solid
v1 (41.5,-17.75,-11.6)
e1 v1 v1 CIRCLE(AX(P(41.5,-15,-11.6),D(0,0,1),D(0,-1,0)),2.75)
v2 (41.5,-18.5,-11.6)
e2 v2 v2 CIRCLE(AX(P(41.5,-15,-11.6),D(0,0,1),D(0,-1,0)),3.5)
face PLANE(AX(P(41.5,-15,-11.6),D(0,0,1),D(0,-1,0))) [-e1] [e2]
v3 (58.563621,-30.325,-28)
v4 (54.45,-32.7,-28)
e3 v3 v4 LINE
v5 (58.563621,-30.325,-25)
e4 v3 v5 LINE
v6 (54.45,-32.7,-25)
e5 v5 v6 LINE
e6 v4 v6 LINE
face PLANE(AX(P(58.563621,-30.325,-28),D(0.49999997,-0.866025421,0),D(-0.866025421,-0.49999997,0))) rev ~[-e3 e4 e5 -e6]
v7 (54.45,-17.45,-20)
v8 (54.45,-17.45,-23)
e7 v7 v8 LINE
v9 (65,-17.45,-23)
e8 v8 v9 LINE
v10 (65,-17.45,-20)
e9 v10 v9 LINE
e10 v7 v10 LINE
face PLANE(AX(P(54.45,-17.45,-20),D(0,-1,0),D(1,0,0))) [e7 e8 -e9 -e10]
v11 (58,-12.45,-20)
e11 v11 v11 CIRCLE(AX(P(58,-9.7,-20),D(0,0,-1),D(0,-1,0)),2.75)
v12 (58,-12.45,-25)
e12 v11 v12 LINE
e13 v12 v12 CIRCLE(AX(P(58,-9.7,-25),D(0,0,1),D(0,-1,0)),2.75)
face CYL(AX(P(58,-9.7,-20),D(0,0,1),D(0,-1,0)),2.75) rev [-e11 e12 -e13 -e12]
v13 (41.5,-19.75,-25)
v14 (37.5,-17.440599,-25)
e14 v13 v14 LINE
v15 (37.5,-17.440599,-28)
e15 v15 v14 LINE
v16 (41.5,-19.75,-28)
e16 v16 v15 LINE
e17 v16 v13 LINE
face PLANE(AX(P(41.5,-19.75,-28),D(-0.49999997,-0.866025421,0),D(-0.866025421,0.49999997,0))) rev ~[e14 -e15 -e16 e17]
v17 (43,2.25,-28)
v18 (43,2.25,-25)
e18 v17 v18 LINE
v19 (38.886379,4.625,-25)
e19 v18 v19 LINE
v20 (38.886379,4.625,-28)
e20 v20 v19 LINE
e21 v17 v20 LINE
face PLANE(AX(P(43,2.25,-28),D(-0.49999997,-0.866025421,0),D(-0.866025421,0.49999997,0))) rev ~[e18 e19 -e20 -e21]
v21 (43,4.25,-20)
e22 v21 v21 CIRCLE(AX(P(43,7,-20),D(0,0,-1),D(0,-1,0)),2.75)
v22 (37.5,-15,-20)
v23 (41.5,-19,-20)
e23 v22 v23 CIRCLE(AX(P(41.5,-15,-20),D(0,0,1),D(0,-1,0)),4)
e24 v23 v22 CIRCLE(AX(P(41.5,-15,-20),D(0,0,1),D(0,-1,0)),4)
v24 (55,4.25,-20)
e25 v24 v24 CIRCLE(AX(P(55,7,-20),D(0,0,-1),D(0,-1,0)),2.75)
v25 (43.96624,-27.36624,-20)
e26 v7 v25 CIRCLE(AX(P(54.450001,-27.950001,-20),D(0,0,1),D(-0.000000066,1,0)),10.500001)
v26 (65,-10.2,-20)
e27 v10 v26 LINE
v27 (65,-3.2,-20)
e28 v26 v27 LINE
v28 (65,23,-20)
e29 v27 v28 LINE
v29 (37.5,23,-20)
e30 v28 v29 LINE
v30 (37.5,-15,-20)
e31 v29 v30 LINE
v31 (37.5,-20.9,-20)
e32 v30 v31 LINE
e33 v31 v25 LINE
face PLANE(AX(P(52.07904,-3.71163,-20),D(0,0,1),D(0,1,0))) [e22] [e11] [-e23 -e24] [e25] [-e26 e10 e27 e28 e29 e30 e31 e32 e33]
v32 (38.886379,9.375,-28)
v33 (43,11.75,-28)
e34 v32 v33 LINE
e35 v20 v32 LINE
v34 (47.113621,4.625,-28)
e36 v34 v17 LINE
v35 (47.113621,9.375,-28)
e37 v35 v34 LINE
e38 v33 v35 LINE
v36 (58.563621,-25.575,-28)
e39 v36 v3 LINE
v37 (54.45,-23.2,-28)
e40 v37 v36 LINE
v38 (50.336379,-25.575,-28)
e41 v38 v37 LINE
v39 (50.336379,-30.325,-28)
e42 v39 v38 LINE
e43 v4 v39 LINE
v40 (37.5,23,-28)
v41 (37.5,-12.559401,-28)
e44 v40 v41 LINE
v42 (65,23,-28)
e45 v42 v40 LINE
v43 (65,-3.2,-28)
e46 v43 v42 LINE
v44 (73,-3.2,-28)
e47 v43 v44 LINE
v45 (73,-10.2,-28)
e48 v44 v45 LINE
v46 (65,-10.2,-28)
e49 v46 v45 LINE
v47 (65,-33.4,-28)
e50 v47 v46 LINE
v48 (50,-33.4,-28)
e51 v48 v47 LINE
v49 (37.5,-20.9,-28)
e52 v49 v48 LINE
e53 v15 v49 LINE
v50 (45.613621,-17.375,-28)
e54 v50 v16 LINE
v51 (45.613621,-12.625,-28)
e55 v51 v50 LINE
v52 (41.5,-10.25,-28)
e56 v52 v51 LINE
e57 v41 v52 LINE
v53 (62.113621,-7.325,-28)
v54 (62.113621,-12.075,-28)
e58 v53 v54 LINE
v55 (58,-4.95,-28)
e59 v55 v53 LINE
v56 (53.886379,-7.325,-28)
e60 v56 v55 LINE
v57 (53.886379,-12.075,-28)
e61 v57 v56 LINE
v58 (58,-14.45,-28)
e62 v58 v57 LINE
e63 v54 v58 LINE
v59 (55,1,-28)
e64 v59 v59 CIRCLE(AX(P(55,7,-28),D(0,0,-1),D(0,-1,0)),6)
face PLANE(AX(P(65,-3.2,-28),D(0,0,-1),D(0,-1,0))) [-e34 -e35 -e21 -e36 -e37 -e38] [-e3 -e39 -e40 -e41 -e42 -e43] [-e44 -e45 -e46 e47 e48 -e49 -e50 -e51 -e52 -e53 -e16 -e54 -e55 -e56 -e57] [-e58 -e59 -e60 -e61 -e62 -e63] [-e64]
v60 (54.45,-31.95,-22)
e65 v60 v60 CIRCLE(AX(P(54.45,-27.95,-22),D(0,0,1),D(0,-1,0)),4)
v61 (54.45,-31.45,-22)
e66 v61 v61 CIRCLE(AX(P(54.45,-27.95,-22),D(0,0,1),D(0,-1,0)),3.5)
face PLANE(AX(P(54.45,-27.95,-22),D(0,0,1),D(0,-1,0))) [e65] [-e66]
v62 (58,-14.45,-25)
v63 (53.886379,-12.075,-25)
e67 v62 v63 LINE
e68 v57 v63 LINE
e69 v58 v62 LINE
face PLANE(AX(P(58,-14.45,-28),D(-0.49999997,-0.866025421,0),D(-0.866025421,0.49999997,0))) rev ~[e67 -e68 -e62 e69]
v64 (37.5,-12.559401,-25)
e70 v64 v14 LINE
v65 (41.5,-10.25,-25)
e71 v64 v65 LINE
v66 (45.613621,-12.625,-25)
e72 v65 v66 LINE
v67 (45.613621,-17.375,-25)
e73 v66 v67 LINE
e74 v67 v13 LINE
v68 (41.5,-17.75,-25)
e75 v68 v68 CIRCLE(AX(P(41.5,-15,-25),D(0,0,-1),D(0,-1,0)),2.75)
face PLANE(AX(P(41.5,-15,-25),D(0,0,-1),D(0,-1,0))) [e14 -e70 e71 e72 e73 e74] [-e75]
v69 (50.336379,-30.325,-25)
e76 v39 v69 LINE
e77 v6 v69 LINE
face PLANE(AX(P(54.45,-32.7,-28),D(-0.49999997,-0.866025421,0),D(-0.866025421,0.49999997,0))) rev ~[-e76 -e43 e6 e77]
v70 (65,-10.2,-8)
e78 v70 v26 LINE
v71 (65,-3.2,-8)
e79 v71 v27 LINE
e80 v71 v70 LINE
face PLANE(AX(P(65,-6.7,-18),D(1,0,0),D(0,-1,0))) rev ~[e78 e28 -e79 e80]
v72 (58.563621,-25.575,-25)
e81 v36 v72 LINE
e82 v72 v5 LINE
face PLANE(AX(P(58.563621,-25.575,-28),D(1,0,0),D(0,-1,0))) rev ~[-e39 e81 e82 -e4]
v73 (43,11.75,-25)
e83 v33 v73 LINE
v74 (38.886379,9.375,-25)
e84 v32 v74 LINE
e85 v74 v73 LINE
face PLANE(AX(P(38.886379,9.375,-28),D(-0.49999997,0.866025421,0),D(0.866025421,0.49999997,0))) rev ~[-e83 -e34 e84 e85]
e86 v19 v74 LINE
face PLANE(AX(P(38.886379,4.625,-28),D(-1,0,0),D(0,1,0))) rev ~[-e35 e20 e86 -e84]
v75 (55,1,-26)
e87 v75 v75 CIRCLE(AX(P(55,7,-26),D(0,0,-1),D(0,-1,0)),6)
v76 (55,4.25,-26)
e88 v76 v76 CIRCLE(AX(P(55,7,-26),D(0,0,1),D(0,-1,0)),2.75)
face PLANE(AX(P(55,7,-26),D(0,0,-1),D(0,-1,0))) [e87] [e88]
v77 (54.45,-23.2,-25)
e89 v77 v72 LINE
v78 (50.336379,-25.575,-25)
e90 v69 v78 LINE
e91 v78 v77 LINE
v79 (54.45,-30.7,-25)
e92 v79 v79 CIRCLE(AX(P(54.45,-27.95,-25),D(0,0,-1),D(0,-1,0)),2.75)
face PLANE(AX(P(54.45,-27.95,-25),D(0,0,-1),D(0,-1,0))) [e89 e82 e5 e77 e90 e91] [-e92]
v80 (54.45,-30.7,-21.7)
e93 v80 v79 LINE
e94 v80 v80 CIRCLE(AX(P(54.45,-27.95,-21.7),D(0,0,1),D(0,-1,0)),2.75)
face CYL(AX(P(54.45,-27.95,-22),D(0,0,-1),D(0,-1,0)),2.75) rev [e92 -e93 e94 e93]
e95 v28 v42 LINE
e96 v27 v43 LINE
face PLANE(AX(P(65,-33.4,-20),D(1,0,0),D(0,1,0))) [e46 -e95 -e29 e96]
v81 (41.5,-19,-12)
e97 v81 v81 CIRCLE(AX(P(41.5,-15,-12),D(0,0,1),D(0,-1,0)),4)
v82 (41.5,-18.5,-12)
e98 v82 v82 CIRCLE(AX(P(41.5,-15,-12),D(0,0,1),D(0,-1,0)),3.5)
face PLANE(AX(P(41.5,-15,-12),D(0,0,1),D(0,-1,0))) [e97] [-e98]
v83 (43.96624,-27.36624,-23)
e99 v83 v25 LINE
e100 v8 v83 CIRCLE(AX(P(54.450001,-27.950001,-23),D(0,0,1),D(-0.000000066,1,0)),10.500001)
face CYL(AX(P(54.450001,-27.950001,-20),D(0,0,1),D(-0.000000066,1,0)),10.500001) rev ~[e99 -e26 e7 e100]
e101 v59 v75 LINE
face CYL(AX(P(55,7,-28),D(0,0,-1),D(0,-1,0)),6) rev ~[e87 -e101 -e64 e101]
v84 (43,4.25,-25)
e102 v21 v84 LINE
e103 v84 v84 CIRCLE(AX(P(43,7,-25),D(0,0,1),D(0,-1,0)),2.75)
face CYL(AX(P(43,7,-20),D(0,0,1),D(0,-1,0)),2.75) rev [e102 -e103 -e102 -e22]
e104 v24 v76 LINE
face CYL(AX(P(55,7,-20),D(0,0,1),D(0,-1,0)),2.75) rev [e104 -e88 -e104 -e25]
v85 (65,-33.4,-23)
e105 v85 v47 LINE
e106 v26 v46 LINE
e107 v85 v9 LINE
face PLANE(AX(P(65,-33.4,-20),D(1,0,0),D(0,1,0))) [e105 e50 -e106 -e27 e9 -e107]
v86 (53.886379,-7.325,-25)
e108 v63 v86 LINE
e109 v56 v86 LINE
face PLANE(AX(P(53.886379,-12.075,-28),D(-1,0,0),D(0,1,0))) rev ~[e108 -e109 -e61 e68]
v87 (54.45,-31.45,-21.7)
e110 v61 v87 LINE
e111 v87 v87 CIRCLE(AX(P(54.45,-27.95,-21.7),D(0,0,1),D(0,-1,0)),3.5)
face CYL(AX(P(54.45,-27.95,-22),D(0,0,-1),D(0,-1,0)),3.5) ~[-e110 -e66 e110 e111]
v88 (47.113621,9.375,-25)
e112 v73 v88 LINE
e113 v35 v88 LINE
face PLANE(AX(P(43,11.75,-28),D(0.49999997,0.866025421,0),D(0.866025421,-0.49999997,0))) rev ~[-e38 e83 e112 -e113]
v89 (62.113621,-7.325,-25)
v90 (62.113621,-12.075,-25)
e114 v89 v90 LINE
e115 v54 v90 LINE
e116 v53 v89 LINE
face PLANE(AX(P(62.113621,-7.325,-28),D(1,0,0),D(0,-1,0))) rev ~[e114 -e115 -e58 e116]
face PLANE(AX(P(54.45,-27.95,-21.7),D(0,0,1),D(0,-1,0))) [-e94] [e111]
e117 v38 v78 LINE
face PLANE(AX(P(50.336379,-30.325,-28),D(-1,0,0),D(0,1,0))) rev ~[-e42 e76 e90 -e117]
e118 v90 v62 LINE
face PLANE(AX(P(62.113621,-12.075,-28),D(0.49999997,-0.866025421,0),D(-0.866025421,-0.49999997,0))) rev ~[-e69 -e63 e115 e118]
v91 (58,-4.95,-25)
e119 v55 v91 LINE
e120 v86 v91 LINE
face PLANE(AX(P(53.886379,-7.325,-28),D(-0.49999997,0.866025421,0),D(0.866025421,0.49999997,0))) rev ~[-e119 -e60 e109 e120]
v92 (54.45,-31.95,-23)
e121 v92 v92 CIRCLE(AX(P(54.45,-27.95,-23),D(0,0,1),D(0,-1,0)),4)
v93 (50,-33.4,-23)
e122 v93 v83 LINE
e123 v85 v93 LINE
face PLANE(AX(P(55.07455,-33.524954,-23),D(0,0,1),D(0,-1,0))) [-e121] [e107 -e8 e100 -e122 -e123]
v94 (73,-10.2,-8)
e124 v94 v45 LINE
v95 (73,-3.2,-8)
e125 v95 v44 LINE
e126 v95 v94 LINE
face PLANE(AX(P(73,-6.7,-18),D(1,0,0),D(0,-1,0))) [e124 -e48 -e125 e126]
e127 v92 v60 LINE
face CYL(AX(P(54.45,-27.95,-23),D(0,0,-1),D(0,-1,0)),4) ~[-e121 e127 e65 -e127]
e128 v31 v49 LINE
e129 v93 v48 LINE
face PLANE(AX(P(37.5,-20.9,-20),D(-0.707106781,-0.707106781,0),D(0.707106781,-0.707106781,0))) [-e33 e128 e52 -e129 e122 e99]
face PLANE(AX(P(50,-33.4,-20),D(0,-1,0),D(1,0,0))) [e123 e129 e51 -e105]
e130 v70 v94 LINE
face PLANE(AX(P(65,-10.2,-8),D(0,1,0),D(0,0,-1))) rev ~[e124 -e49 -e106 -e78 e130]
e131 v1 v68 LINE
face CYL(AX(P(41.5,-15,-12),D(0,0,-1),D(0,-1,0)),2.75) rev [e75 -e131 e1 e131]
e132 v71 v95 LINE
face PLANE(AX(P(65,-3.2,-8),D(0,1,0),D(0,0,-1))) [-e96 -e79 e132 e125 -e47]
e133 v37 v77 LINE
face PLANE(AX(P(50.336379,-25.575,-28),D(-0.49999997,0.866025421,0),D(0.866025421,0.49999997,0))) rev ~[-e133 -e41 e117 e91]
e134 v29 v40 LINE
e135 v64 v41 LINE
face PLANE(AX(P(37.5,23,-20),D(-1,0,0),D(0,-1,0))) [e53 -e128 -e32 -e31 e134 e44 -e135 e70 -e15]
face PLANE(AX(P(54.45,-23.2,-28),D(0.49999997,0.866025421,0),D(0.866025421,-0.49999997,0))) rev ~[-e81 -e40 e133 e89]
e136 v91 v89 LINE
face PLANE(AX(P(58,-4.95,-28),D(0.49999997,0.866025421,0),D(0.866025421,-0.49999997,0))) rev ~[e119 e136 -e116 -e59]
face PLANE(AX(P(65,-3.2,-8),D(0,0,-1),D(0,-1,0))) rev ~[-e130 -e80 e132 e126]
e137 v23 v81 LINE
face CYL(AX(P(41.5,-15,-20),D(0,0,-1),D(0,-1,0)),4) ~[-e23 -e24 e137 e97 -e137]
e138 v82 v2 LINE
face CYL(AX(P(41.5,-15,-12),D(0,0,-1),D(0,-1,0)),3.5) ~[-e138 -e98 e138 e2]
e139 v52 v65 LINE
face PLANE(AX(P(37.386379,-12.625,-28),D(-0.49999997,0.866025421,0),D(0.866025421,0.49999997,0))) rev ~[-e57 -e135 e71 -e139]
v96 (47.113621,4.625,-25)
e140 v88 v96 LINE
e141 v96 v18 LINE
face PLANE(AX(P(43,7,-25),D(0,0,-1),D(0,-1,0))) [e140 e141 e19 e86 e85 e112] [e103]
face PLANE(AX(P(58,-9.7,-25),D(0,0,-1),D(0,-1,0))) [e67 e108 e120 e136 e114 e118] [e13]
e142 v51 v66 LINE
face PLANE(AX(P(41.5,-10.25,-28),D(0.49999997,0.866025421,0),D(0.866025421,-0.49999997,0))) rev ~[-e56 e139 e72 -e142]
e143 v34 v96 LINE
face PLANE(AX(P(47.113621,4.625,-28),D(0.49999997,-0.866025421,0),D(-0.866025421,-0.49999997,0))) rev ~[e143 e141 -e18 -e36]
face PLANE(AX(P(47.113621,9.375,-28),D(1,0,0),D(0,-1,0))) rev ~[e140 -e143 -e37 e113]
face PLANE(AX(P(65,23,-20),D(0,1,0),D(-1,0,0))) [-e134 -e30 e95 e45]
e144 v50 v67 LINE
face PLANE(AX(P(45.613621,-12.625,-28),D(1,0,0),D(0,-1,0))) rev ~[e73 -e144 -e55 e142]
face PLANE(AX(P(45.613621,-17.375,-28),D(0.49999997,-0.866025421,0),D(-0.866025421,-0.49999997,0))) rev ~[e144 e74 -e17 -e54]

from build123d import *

# Parameters (mm, degrees)
SKETCH007_R             = 2.75
PAD004_DEPTH            = 8
POCKET003_DEPTH         = 3
SKETCH013_R             = 4
SKETCH013_R_2           = 2.75
PAD009_DEPTH            = 1
SKETCH014_R             = 3.5
SKETCH014_R_2           = 2.75
PAD010_DEPTH            = 0.3
SKETCH015_R             = 4
SKETCH015_R_2           = 2.75
PAD011_DEPTH            = 8
SKETCH016_R             = 3.5
SKETCH016_R_2           = 2.75
PAD012_DEPTH            = 0.4
SKETCH018_R             = 6
POCKET005_DEPTH         = 2
POCKET006_DEPTH         = 3
SKETCH022_W             = 7
SKETCH022_H             = 20
PAD015_DEPTH            = 8
BODY001_ROLL_ANGLE      = 180
BODY001_PLACEMENT_ANGLE = -90


with BuildPart() as part:
    # Sketch007 → Pad004 (new body)
    with BuildSketch(Plane.XY):
        Polygon((0, 27.5), (43.9, 27.5), (56.4, 15), (56.4, 0), (0, 0), align=None)
        with Locations((16, 22)):
            Circle(SKETCH007_R, mode=Mode.SUBTRACT)
        with Locations((16, 10)):
            Circle(SKETCH007_R, mode=Mode.SUBTRACT)
        with Locations((38, 23.5)):
            Circle(SKETCH007_R, mode=Mode.SUBTRACT)
        with Locations((32.7, 7)):
            Circle(SKETCH007_R, mode=Mode.SUBTRACT)
        with Locations((50.95, 10.55)):
            Circle(SKETCH007_R, mode=Mode.SUBTRACT)
    extrude(amount=PAD004_DEPTH)

    # Sketch012 (on Face11 of Pad004) → Pocket003 (cut)
    with BuildSketch(Plane(origin=(0, 0, 0), x_dir=(1, 0, 0), z_dir=(0, 0, -1))):
        with BuildLine():
            ThreePointArc((40.45, -10.55), (43.525379, -17.974621), (50.95, -21.05))
            Line((50.95, -21.05), (70.95, -21.05))
            Line((70.95, -21.05), (70.95, 0))
            Line((70.95, 0), (40.45, 0))
            Line((40.45, -10.55), (40.45, 0))
        make_face()
    extrude(amount=-POCKET003_DEPTH, mode=Mode.SUBTRACT)

    # Sketch013 (on Face8 of Pocket003) → Pad009 (join)
    with BuildSketch(Plane(origin=(0, 0, 3), x_dir=(1, 0, 0), z_dir=(0, 0, -1))):
        with Locations((50.95, -10.55)):
            Circle(SKETCH013_R)
        with Locations((50.95, -10.55)):
            Circle(SKETCH013_R_2, mode=Mode.SUBTRACT)
    extrude(amount=PAD009_DEPTH)

    # Sketch014 (on Face16 of Pad009) → Pad010 (join)
    with BuildSketch(Plane(origin=(0, 0, 2), x_dir=(1, 0, 0), z_dir=(0, 0, -1))):
        with Locations((50.95, -10.55)):
            Circle(SKETCH014_R)
        with Locations((50.95, -10.55)):
            Circle(SKETCH014_R_2, mode=Mode.SUBTRACT)
    extrude(amount=PAD010_DEPTH)

    # Sketch015 (on Face4 of Pad010) → Pad011 (join)
    with BuildSketch(Plane(origin=(0, 0, 0), x_dir=(1, 0, 0), z_dir=(0, 0, -1))):
        with Locations((38, -23.5)):
            Circle(SKETCH015_R)
        with Locations((38, -23.5)):
            Circle(SKETCH015_R_2, mode=Mode.SUBTRACT)
    extrude(amount=PAD011_DEPTH)

    # Sketch016 (on Face17 of Pad011) → Pad012 (join)
    with BuildSketch(Plane(origin=(0, 0, -8), x_dir=(1, 0, 0), z_dir=(0, 0, -1))):
        with Locations((38, -23.5)):
            Circle(SKETCH016_R)
        with Locations((38, -23.5)):
            Circle(SKETCH016_R_2, mode=Mode.SUBTRACT)
    extrude(amount=PAD012_DEPTH)

    # Sketch018 (on Face5 of Pad012) → Pocket005 (cut)
    with BuildSketch(Plane.XY.offset(8)):
        with Locations((16, 10)):
            Circle(SKETCH018_R)
    extrude(amount=-POCKET005_DEPTH, mode=Mode.SUBTRACT)

    # Sketch019 (on Face5 of Pocket005) → Pocket006 (cut)
    with BuildSketch(Plane.XY.offset(8)):
        Polygon((20.75, 22), (18.375, 26.113621), (13.625, 26.113621), (11.25, 22), (13.625, 17.886379), (18.375, 17.886379), align=None)
        Polygon((42.75, 23.5), (40.375, 27.613621), (35.625, 27.613621), (33.25, 23.5), (35.625, 19.386379), (40.375, 19.386379), align=None)
        Polygon((37.45, 7), (35.075, 11.113621), (30.325, 11.113621), (27.95, 7), (30.325, 2.886379), (35.075, 2.886379), align=None)
        Polygon((55.7, 10.55), (53.325, 14.663621), (48.575, 14.663621), (46.2, 10.55), (48.575, 6.436379), (53.325, 6.436379), align=None)
    extrude(amount=-POCKET006_DEPTH, mode=Mode.SUBTRACT)

    # Sketch022 (on Face9 of Pocket006) → Pad015 (join)
    with BuildSketch(Plane.XZ):
        with Locations((29.7, -2)):
            Rectangle(SKETCH022_W, SKETCH022_H)
    extrude(amount=PAD015_DEPTH)


with BuildPart() as part_1:
    # Body001 roll: moved
    add(part.part.rotate(Axis((0, 0, 0), (1, 0, 0)), BODY001_ROLL_ANGLE))


with BuildPart() as part_2:
    # Body001 placement: moved
    add(part_1.part.moved(Location((65, 23, -20))).rotate(Axis((65, 23, -20), (0, 0, 1)), BODY001_PLACEMENT_ANGLE))


solid = part_2.part
